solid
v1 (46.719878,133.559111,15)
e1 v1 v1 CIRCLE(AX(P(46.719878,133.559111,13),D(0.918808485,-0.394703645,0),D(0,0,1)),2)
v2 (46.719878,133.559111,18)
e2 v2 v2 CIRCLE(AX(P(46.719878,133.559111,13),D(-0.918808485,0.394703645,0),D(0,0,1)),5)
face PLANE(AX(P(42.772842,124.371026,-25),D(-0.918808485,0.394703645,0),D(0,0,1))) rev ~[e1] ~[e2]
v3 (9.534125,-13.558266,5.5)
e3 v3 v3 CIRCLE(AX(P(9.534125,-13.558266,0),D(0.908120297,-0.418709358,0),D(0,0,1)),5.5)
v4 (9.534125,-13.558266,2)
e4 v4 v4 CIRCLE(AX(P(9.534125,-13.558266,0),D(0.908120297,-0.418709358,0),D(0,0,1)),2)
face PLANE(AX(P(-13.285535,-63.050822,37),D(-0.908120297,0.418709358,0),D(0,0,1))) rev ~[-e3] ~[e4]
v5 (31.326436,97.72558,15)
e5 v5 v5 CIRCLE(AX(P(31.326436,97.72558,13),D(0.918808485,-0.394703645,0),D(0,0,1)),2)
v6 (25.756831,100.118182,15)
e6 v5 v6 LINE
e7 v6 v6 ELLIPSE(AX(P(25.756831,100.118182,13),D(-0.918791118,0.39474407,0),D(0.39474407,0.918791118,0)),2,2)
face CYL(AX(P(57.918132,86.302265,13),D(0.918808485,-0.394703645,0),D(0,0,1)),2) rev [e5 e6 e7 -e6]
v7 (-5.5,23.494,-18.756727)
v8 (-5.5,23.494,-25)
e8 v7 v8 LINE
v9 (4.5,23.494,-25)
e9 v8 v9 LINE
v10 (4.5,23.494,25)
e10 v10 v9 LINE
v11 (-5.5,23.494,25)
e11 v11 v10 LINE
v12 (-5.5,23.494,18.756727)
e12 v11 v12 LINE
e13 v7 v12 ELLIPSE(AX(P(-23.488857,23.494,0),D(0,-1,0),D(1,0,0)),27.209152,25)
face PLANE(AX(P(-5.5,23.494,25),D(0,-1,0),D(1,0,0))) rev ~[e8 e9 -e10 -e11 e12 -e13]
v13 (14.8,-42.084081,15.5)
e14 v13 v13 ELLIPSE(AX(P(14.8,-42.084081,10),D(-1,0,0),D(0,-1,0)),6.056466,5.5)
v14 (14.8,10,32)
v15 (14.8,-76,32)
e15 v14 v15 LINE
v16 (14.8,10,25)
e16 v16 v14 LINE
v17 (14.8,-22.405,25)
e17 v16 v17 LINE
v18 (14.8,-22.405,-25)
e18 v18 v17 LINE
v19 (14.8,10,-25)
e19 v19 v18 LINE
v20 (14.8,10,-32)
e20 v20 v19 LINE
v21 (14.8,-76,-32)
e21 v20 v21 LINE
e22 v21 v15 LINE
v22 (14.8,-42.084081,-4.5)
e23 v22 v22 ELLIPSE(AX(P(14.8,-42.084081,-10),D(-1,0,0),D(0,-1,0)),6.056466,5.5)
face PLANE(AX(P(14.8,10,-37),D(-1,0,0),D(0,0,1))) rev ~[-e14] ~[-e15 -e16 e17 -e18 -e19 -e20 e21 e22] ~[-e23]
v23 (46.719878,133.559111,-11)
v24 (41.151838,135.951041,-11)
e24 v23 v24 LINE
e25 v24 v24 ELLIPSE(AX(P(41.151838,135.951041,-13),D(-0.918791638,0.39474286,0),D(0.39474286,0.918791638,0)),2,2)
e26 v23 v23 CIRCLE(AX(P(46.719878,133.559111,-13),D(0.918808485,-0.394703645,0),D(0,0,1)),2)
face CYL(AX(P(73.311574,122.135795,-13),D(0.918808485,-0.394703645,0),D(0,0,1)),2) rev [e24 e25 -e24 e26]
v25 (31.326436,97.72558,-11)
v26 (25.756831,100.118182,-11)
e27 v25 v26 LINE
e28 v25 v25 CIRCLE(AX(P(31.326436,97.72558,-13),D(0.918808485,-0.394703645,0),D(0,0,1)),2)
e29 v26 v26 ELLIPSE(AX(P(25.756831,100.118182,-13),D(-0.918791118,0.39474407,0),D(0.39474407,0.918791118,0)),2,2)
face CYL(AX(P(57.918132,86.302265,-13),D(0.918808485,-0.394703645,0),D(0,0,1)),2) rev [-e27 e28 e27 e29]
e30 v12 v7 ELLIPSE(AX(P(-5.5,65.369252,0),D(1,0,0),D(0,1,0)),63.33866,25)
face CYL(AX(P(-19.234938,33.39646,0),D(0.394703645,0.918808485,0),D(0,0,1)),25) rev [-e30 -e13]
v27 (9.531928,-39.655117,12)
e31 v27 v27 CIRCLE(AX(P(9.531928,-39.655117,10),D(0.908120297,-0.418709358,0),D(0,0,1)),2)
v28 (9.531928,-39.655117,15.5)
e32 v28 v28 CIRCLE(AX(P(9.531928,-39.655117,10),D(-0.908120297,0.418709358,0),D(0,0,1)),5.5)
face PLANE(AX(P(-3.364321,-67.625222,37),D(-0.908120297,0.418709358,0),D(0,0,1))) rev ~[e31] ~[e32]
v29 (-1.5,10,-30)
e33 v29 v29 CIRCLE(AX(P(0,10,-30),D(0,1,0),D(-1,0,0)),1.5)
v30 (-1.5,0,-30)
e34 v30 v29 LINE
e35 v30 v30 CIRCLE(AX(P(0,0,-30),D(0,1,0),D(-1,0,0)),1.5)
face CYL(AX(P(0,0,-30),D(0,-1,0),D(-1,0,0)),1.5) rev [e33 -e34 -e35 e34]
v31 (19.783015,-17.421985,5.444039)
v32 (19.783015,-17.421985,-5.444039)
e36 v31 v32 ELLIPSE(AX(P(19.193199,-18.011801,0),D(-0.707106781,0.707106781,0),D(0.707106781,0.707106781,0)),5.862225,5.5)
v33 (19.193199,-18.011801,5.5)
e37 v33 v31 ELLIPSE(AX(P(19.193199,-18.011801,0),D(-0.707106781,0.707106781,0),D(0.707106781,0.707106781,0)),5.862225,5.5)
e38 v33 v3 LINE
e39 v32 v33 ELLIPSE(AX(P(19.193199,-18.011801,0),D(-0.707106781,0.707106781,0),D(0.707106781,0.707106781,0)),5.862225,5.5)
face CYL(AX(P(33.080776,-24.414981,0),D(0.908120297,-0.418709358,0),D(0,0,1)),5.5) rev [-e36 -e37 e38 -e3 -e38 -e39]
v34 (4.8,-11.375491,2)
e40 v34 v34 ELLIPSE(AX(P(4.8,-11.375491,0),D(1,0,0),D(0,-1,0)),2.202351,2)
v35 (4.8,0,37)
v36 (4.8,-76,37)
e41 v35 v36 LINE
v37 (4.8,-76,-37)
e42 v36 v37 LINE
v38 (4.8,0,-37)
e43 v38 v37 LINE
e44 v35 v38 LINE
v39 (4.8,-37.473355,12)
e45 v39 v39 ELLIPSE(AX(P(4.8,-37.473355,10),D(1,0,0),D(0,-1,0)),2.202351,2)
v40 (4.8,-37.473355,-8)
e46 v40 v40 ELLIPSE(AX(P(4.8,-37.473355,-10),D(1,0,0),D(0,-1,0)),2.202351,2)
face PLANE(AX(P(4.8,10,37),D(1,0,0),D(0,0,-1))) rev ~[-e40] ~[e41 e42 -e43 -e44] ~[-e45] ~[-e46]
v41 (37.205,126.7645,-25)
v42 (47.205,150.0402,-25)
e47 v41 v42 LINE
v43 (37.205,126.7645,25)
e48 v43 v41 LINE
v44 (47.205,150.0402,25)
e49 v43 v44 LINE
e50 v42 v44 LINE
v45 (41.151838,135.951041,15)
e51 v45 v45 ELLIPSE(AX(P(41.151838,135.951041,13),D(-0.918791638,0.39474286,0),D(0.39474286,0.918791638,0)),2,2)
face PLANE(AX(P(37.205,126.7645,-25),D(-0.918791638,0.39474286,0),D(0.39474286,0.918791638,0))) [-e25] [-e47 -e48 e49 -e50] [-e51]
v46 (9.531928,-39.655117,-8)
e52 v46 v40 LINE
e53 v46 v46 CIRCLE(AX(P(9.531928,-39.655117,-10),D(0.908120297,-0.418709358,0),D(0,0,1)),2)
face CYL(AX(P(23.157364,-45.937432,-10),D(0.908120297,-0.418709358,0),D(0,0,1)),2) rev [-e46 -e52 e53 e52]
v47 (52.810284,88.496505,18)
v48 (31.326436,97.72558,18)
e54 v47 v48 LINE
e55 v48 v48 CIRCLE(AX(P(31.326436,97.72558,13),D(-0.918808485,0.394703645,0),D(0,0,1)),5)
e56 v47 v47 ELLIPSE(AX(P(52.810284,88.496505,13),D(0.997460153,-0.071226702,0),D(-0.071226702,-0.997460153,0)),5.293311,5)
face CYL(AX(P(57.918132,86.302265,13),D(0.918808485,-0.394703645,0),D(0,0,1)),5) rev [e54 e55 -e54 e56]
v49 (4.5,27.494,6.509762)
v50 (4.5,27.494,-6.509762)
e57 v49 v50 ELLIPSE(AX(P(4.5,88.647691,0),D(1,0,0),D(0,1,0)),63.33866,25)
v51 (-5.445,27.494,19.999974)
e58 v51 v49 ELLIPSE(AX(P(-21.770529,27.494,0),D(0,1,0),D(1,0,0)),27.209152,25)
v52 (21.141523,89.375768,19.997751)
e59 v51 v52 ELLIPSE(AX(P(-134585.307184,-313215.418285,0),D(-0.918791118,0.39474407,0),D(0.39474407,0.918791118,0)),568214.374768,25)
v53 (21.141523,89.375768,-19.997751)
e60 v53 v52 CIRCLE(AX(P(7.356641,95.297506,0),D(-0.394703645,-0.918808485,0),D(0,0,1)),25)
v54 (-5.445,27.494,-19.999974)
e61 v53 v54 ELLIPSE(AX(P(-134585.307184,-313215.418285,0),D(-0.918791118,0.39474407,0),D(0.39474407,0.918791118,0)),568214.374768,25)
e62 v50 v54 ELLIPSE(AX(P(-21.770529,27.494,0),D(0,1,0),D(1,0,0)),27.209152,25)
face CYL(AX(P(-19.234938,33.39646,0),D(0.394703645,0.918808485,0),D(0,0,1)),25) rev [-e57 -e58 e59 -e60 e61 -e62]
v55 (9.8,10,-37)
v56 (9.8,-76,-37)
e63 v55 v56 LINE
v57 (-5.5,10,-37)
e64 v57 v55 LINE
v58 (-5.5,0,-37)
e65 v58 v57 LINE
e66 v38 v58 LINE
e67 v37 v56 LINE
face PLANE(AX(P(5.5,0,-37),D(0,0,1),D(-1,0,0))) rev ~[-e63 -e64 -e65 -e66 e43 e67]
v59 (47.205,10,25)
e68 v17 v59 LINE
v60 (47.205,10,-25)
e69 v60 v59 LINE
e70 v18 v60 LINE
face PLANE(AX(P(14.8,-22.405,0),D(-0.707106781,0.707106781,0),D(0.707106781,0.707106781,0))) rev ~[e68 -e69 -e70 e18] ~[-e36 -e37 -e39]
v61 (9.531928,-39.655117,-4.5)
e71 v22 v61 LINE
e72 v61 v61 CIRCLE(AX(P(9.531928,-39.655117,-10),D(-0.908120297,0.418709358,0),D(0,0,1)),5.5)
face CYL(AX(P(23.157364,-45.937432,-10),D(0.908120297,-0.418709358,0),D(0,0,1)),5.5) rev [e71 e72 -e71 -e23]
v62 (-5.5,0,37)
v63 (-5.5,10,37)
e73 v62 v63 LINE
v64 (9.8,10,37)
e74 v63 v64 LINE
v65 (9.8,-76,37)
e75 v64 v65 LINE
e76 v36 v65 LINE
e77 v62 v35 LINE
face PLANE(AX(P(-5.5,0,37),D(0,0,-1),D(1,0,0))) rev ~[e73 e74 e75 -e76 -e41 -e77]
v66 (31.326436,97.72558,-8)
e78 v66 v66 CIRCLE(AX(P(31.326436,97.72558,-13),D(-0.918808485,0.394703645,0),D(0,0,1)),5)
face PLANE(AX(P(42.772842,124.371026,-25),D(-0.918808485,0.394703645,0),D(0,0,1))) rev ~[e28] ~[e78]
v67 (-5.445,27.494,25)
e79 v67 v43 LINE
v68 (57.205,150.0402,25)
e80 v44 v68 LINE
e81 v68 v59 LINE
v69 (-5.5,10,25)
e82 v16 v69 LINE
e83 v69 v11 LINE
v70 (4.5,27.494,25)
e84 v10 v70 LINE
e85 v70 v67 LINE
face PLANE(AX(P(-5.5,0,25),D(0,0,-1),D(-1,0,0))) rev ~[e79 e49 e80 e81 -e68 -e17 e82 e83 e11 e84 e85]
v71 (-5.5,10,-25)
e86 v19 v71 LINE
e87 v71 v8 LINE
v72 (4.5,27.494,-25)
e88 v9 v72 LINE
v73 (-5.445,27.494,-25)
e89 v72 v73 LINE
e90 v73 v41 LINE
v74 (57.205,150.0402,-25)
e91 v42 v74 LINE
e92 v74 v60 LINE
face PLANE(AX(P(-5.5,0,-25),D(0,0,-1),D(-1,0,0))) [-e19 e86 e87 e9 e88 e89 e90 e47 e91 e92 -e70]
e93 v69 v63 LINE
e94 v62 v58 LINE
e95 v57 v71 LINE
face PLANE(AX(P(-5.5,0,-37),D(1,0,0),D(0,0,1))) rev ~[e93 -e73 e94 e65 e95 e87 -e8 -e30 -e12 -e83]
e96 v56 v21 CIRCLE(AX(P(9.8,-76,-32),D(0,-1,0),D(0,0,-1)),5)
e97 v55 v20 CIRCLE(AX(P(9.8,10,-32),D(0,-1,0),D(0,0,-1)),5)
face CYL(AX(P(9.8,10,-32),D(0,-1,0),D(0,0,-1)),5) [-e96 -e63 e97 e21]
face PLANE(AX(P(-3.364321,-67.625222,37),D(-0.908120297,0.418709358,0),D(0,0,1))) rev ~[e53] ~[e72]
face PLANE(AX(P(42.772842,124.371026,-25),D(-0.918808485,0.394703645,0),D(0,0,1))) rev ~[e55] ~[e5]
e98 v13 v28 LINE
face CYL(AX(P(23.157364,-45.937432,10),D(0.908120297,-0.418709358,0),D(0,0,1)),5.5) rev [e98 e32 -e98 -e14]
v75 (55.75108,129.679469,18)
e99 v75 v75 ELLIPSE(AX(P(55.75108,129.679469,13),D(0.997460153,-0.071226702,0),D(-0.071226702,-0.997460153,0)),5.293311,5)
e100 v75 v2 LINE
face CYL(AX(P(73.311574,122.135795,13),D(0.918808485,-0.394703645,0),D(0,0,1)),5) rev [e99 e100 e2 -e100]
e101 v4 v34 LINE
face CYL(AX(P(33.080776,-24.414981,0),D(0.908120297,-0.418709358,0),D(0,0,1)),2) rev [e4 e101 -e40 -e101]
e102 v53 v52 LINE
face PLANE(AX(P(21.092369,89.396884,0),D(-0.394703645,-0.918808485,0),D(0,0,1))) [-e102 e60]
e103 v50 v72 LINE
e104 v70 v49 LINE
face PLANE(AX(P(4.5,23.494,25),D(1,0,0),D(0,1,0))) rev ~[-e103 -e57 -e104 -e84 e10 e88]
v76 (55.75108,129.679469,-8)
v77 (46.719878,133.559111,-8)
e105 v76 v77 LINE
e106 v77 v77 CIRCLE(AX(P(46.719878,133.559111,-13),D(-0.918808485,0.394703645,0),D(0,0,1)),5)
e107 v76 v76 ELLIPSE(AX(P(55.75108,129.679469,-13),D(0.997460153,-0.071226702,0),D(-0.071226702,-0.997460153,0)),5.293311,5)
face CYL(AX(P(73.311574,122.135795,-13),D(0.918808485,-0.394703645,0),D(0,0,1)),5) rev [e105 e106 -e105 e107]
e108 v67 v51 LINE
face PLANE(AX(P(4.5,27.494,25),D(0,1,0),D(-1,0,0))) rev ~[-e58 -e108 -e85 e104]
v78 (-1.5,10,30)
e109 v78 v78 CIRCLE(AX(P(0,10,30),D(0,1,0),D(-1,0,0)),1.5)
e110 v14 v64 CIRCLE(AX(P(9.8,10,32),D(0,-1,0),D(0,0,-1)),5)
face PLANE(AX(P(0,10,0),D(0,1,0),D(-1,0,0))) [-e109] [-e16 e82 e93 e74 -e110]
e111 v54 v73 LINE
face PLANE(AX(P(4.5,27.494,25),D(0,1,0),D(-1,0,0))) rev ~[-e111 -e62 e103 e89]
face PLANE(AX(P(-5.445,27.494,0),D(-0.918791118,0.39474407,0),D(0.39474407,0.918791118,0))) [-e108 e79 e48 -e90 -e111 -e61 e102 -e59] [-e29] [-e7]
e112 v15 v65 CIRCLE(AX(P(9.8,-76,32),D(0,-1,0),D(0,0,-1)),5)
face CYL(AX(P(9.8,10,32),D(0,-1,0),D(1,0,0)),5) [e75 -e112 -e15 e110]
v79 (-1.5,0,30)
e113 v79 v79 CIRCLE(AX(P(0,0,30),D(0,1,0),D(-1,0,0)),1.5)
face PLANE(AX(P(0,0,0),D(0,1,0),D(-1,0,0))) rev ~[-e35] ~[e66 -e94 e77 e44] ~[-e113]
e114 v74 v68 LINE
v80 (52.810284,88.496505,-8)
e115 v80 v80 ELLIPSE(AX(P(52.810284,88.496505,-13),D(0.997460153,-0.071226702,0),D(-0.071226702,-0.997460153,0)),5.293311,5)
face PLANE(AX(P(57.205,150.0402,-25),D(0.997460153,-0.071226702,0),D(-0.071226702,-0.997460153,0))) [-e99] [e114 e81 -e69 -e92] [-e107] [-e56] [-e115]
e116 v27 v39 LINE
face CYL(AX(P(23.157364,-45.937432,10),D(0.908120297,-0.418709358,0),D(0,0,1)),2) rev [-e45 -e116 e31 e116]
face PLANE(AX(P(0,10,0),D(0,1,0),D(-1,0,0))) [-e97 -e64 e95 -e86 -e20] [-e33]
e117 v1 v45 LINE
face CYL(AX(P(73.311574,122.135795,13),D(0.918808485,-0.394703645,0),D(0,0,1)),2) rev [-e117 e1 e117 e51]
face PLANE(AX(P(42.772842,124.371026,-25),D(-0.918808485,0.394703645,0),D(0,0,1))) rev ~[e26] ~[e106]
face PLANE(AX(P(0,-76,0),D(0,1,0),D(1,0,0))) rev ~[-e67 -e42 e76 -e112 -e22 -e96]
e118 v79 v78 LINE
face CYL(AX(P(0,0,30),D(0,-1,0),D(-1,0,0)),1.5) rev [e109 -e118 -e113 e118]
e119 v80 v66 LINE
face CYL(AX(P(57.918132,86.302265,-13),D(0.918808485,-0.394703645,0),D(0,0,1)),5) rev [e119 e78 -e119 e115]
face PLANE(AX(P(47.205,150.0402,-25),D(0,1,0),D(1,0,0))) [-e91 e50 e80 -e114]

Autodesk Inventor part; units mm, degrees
sketch "Sketch1" plane through (0, 0, 0) normal (0, 1, 0) x (-1, 0, 0)
  line L0 (-5.5, -37) -> (5.5, -37)
  line L1 (5.5, -37) -> (5.5, 37)
  line L2 (5.5, 37) -> (-5.5, 37)
  line L3 (-5.5, 37) -> (-5.5, -37)
  line L4 (-5.5, -37) -> (5.5, 37) construction
  line L5 (5.5, -37) -> (-5.5, 37) construction
  line L6 (-5.5, -25) -> (5.5, -25)
  line L7 (5.5, -25) -> (5.5, 25)
  line L8 (5.5, 25) -> (-5.5, 25)
  line L9 (-5.5, 25) -> (-5.5, -25)
  line L10 (-5.5, -25) -> (5.5, 25) construction
  line L11 (5.5, -25) -> (-5.5, 25) construction
  circle A0 centre (0, 30) radius 1.5
  circle A1 centre (0, -30) radius 1.5
  point P0 (0, 0)
  point P1 (0, -37)
  dimension "d0" = 74
  dimension "d1" = 11
  dimension "d2" = 11
  dimension "d3" = 50
  dimension "d4" = 3
  dimension "d5" = 7
  dimension "d6" = 3
  dimension "d7" = 7
extrude "Extrusion1" add sketch "Sketch1" along normal blind 10
sketch "Sketch2" plane through (0, 10, 0) normal (0, 1, 0) x (1, 0, 0)
  line L0 (5.5, 37) -> (-5.5, 37) projected
  line L1 (4.8, 37) -> (14.8, 37)
  line L2 (14.8, 37) -> (14.8, -37)
  line L3 (14.8, -37) -> (4.8, -37)
  line L4 (4.8, -37) -> (4.8, 37)
  line L5 (5.5, -37) -> (5.5, 37) projected
  point P0 (0, 0)
  dimension "d10" = 74
  dimension "d11" = 0.7
  dimension "d12" = 10
extrude "Extrusion2" add sketch "Sketch2" against normal blind 86
ref_plane "Work Plane1" through (-5.5, 0, 0) normal (0, 0, 1) x (1, 0, 0)
sketch "Sketch3" plane through (-5.5, 0, 0) normal (0, 0, 1) x (1, 0, 0)
  line L0 (20.3, 10) -> (0, 10) projected
  line L1 (0, 10) -> (0, 27.494)
  line L2 (0, 27.494) -> (0.055, 27.494)
  line L3 (20.3, 10) -> (20.3, -76) projected
  line L4 (20.3, 10) -> (20.3, -22.405)
  line L5 (20.3, 10) -> (52.705, 10) construction
  line L6 (20.3, -22.405) -> (52.705, 10)
  line L7 (20.3, -22.405) -> (66.1276, -22.405) construction
  line L8 (52.705, 10) -> (52.705, 310)
  line L9 (52.705, 10) -> (352.705, 10) construction
  line L10 (0.055, 27.494) -> (10.055, 27.494) construction
  line L11 (52.705, 101.8003) -> (42.705, 101.8003) construction
  line L12 (42.705, 101.8003) -> (42.705, 219.1463) construction
  line L13 (42.705, 101.8003) -> (160.051, 101.8003) construction
  line L14 (0.055, 27.494) -> (42.705, 126.7645)
  line L15 (42.705, 126.7645) -> (52.705, 126.7645)
  point P0 (5.5, 0)
  dimension "d15" = 17.494
  dimension "d18" = 32.405
  dimension "d19" = 90
  dimension "d20" = 45
  dimension "d22" = 90
  dimension "d23" = 10
  dimension "d25" = 10
  dimension "d27" = 90
  dimension "d79" = 66.75
extrude "Extrusion3" add sketch "Sketch3" along normal mid plane 50
ref_plane "Work Plane2" through (-5.5, 27.494, 0) normal (-0.3947, -0.9188, 0) x (0, 0, 1)
sketch "Sketch4" plane through (-5.5, 0, 25) normal (0, 0, 1) x (1, 0, 0)
  line L0 (0, 0) -> (0, 10) construction
  line L1 (0, 10) -> (0, 23.494) construction
  line L2 (0, 23.494) -> (10, 23.494)
  line L3 (10, 23.494) -> (10, 27.494)
  line L4 (10, 27.494) -> (0, 27.494)
  line L5 (0, 27.494) -> (0, 23.494)
  point P0 (5.5, 0)
  dimension "d31" = 13.494
  dimension "d32" = 10
  dimension "d33" = 4
extrude "Extrusion4" cut sketch "Sketch4" against normal blind 269.75
sketch "Sketch5" plane through (-5.5, 27.494, 0) normal (-0.3947, -0.9188, 0) x (0, 0, 1)
  circle A0 centre (0, 14.9495) radius 25
  line L0 (-25, -0.0505) -> (25, -0.0505) projected
  point P0 (0, -15.9064)
  dimension "d36" = 50
  dimension "d37" = 15
ref_plane "Work Plane3" through (37.205, 87.7645, 25) normal (0, 1, 0) x (1, 0, 0)
extrude "Extrusion5" cut sketch "Sketch5" along normal blind 54.3375 and the other way blind 67.371
ref_plane "Work Plane5" through (10.2593, -73.9067, 37) normal (-0.9081, 0.4187, 0) x (0, 0, 1)
ref_plane "Work Plane4" through (14.8, -76, 37) normal (-0.9081, 0.4187, 0) x (0, 0, 1)
sketch "Sketch6" plane through (10.2593, -73.9067, 37) normal (-0.9081, 0.4187, 0) x (0, 0, 1)
  line L0 (-74, 0) -> (0, 0) projected
  circle A0 centre (-37, 54.5) radius 5.5
  circle A1 centre (-37, 54.5) radius 2
  line L1 (-37, -200) -> (-37, 49)
  line L2 (-37, 60) -> (-37, 200)
  circle A2 centre (-47, 30.8) radius 5.5
  circle A3 centre (-47, 30.8) radius 2
  circle A4 centre (-27, 30.8) radius 5.5
  circle A5 centre (-27, 30.8) radius 2
  point P0 (-37, 62.8227)
  point P1 (-37, 0)
  dimension "d43" = 400
  dimension "d44" = 11
  dimension "d45" = 4
  dimension "d46" = 11
  dimension "d47" = 4
  dimension "d48" = 54.5
  dimension "d49" = 23.7
  dimension "d91" = 10
extrude "Extrusion6" cut sketch "Sketch6" along normal blind 15 contours A0 | A1 | A2 | A3 | A4 | A5
extrude "Extrusion7" cut sketch "Sketch6" along normal blind 25.925 contours A0 | A1
extrude "Extrusion8" cut sketch "Sketch6" along normal blind 34.505 contours A1 | A3 | A5
ref_plane "Work Plane6" through (69.3627, 112.9485, -25) normal (-0.9188, 0.3947, 0) x (0, 0, 1)
sketch "Sketch7" plane through (69.3627, 112.9485, -25) normal (-0.9188, 0.3947, 0) x (0, 0, 1)
  line L0 (0, 0) -> (50, 0) projected
  line L1 (25, 150) -> (25, -150)
  line L2 (25, 150) -> (325, 150) construction
  line L3 (38, 10) -> (12, 10) construction
  line L4 (12, 10) -> (12, -29) construction
  line L5 (12, -29) -> (38, -29) construction
  line L6 (38, -29) -> (38, 10) construction
  circle A0 centre (38, 10) radius 2
  circle A1 centre (38, 10) radius 5
  circle A2 centre (38, -29) radius 2
  circle A3 centre (38, -29) radius 5
  circle A4 centre (12, 10) radius 2
  circle A5 centre (12, 10) radius 5
  circle A6 centre (12, -29) radius 2
  circle A7 centre (12, -29) radius 5
  line L7 (0, 3.9474) -> (50, 3.9474) projected
  point P0 (25, -131.1566)
  point P1 (25, 0)
  dimension "d57" = 300
  dimension "d58" = 90
  dimension "d63" = 26
  dimension "d64" = 39
  dimension "d67" = 4
  dimension "d68" = 10
  dimension "d69" = 10
  dimension "d70" = 4
  dimension "d78" = 13
  dimension "d85" = 10
fillet "Fillet1" radius 5 2 edges at (14.8, -33, 37) (14.8, -33, -37)
sketch "Sketch8" plane through (-5.5, 0, -25) normal (0, 0, -1) x (-1, 0, 0)
  line L0 (-52.705, 126.7645) -> (-42.705, 126.7645) construction
  line L1 (-42.705, 126.7645) -> (-52.705, 126.7645) construction
  line L2 (-52.705, 10) -> (-52.705, 126.7645) projected
  line L3 (-0.055, 27.494) -> (-42.705, 126.7645) projected
  line L4 (-42.705, 126.7645) -> (-52.705, 150.0402)
  line L5 (-52.705, 126.7645) -> (-42.705, 126.7645)
  line L6 (-52.705, 150.0402) -> (-62.705, 150.0402)
  line L7 (-62.705, 150.0402) -> (-52.705, 10)
  point P0 (-5.5, 0)
  dimension "d80" = 66.75
  dimension "d88" = 10
extrude "Extrusion13" add sketch "Sketch8" against normal blind 50
extrude "Extrusion9" cut sketch "Sketch7" along normal blind 28.9375 contours A0 | A1 | A2 | A3 | A4 | A5 | A6 | A7
extrude "Extrusion10" cut sketch "Sketch7" along normal blind 43.9375 contours A0 | A2 | A4 | A6
ref_plane "Work Plane8" through (23.154, -45.9359, -10) normal (0, 0, -1) x (-1, 0, 0)
ref_plane "Work Plane7" through (23.154, -45.9359, -12) normal (0, 0, -1) x (-1, 0, 0)
equation "\"d6\" = d4"
equation "\"d7\" = d5"
equation "\"d46\" = d44"
equation "\"d47\" = d45"
equation "\"d69\" = d68"
equation "\"d70\" = d67"
equation "\"d78\" = 0.5 * d63"
equation "\"d85\" = screw_offset"
equation "\"screw_offset\" = 10"
properties part number "Camera_Bracket"
